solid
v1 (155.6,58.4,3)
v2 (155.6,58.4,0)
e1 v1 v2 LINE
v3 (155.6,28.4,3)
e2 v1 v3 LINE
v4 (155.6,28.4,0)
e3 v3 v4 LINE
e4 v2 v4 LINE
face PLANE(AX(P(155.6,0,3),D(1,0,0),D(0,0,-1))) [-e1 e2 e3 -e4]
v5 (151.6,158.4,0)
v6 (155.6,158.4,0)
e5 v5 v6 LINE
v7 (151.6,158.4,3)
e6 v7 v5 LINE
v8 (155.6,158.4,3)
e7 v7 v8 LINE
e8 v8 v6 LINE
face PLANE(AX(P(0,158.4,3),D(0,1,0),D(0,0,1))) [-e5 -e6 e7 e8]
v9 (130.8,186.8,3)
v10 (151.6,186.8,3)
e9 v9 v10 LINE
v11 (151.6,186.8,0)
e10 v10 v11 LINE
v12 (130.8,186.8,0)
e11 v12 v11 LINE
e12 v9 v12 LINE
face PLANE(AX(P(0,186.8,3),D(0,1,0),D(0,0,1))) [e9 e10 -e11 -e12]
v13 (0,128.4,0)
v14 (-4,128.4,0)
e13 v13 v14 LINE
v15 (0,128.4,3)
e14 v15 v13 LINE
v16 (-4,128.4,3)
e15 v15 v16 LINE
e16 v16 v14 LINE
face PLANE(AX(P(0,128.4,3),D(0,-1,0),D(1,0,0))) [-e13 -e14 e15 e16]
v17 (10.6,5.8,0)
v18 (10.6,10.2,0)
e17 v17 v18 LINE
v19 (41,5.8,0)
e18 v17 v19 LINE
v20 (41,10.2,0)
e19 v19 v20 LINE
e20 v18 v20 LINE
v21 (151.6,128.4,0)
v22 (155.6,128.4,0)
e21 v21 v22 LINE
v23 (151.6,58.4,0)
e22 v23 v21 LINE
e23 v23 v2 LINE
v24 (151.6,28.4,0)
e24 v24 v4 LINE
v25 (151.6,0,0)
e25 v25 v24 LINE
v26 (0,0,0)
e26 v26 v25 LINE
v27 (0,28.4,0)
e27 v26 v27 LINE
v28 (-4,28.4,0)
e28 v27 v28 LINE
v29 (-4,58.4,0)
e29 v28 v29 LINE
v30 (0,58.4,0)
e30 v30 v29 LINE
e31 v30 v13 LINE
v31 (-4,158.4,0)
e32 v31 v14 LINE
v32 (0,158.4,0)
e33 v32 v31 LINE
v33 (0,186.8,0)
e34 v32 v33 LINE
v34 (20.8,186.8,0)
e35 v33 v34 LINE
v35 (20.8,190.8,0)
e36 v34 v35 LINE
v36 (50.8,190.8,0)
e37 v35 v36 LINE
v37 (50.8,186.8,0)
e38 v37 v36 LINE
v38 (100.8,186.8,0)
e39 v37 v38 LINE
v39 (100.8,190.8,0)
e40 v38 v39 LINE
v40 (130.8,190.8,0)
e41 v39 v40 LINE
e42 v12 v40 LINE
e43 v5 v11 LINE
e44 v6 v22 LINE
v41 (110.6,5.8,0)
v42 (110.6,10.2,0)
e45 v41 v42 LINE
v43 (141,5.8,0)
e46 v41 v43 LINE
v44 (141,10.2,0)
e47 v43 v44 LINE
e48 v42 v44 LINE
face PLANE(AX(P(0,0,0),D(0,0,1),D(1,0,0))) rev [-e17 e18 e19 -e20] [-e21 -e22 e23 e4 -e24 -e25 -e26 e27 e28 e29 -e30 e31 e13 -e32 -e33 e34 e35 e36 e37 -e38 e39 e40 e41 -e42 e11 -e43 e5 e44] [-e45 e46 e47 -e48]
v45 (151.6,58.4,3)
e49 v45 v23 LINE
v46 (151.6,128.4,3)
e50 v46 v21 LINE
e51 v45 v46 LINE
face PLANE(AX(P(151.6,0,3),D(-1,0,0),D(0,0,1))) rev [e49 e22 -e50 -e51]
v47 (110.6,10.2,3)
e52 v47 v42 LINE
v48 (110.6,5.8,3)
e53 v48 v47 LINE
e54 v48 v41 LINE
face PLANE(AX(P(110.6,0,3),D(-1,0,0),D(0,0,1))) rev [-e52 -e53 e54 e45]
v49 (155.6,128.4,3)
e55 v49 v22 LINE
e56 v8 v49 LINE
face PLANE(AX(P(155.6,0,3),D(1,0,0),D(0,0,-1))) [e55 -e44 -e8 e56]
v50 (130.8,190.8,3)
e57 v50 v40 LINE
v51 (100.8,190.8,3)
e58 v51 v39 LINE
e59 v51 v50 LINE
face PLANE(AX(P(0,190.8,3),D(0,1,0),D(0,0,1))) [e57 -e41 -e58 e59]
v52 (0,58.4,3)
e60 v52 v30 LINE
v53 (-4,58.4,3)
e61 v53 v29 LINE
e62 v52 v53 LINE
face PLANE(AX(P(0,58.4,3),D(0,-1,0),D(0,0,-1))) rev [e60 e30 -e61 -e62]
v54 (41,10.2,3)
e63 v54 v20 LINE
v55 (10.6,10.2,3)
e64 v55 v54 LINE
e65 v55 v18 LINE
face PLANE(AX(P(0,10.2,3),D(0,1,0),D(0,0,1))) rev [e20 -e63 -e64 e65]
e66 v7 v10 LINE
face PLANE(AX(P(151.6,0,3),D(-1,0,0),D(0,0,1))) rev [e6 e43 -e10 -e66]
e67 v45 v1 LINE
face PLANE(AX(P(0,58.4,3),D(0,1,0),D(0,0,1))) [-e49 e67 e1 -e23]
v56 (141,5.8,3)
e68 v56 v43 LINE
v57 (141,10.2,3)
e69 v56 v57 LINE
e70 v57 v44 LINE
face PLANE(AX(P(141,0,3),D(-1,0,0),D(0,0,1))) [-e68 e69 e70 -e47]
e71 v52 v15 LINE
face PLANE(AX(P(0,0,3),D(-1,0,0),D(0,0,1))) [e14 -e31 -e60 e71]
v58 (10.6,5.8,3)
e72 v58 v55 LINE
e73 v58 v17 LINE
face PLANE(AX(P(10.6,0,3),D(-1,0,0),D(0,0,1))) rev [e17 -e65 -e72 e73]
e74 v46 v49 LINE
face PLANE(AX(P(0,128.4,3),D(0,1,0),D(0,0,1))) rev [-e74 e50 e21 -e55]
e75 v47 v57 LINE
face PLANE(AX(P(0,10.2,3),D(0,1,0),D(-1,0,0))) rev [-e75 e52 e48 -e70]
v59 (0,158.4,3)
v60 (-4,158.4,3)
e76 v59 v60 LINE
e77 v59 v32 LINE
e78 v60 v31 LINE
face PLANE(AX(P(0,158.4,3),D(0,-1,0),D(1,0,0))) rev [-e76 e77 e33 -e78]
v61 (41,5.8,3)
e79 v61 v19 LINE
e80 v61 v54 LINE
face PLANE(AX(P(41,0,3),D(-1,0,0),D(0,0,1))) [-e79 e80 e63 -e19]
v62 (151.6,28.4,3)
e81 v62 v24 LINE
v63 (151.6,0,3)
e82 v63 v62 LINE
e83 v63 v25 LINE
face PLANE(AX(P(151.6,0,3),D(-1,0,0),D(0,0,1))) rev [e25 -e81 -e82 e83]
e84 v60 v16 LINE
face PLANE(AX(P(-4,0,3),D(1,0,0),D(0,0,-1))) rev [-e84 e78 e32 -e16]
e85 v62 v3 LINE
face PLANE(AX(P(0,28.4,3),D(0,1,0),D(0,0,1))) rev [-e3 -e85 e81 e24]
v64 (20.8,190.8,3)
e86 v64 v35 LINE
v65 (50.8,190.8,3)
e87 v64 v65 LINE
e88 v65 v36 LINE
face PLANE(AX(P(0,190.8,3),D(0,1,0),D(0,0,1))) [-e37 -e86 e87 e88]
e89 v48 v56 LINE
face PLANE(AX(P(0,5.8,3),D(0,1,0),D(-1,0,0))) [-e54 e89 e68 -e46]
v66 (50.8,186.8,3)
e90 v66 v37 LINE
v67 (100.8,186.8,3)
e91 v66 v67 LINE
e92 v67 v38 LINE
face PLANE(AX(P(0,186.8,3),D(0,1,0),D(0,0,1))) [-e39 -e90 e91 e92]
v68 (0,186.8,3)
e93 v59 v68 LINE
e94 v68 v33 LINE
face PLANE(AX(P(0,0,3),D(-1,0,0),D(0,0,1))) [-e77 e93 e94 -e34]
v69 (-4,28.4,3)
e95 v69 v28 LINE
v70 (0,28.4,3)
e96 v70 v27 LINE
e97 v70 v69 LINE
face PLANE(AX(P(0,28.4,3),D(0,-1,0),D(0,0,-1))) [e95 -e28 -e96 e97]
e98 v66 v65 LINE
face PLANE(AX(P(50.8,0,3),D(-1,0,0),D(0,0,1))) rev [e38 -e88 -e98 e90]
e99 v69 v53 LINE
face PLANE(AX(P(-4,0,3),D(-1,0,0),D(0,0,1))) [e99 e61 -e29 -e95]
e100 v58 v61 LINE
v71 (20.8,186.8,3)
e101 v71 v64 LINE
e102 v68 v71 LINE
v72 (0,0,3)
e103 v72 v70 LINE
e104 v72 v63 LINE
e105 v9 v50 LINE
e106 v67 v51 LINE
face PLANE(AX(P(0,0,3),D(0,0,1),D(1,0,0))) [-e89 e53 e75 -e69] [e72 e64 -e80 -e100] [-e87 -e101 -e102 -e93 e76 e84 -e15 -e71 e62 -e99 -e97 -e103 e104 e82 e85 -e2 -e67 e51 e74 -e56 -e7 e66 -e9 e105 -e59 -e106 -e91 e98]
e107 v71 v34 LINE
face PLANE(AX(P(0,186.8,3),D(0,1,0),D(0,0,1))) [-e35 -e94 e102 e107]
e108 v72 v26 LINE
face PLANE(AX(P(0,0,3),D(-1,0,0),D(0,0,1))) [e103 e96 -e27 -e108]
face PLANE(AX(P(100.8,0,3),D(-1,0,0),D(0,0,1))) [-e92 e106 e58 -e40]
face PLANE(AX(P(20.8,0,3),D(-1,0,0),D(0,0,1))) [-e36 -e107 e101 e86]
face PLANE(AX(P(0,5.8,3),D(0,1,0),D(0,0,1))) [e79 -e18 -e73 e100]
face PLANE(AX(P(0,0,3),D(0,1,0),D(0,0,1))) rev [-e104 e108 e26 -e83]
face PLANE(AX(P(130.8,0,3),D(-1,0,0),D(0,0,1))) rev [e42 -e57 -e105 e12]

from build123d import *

# Parameters (mm, degrees)
SKETCH_1_W      = 151.6
SKETCH_1_H      = 186.8
SKETCH_1_W_2    = 30.4
SKETCH_1_H_2    = 4.4
SKETCH_1_W_3    = 4
SKETCH_1_H_3    = 30
SKETCH_1_W_4    = 30
SKETCH_1_H_4    = 4
EXTRUDE_1_DEPTH = 3


with BuildPart() as part:
    # Эскиз1 → Бобышка-Вытянуть1 (new body)
    # profile 1 of 7: a face of its own
    with BuildSketch(Plane.XY):
        with Locations((75.8, 93.4)):
            Rectangle(SKETCH_1_W, SKETCH_1_H)
        with Locations((25.8, 8)):
            Rectangle(SKETCH_1_W_2, SKETCH_1_H_2, mode=Mode.SUBTRACT)
        with Locations((125.8, 8)):
            Rectangle(SKETCH_1_W_2, SKETCH_1_H_2, mode=Mode.SUBTRACT)
    # profile 2 of 7: a face of its own
    with BuildSketch(Plane.XY):
        with Locations((-2, 43.4)):
            Rectangle(SKETCH_1_W_3, SKETCH_1_H_3)
    # profile 3 of 7: a face of its own
    with BuildSketch(Plane.XY):
        with Locations((-2, 143.4)):
            Rectangle(SKETCH_1_W_3, SKETCH_1_H_3)
    # profile 4 of 7: a face of its own
    with BuildSketch(Plane.XY):
        with Locations((153.6, 143.4)):
            Rectangle(SKETCH_1_W_3, SKETCH_1_H_3)
    # profile 5 of 7: a face of its own
    with BuildSketch(Plane.XY):
        with Locations((153.6, 43.4)):
            Rectangle(SKETCH_1_W_3, SKETCH_1_H_3)
    # profile 6 of 7: a face of its own
    with BuildSketch(Plane.XY):
        with Locations((35.8, 188.8)):
            Rectangle(SKETCH_1_W_4, SKETCH_1_H_4)
    # profile 7 of 7: a face of its own
    with BuildSketch(Plane.XY):
        with Locations((115.8, 188.8)):
            Rectangle(SKETCH_1_W_4, SKETCH_1_H_4)
    extrude(amount=EXTRUDE_1_DEPTH)


solid = part.part
